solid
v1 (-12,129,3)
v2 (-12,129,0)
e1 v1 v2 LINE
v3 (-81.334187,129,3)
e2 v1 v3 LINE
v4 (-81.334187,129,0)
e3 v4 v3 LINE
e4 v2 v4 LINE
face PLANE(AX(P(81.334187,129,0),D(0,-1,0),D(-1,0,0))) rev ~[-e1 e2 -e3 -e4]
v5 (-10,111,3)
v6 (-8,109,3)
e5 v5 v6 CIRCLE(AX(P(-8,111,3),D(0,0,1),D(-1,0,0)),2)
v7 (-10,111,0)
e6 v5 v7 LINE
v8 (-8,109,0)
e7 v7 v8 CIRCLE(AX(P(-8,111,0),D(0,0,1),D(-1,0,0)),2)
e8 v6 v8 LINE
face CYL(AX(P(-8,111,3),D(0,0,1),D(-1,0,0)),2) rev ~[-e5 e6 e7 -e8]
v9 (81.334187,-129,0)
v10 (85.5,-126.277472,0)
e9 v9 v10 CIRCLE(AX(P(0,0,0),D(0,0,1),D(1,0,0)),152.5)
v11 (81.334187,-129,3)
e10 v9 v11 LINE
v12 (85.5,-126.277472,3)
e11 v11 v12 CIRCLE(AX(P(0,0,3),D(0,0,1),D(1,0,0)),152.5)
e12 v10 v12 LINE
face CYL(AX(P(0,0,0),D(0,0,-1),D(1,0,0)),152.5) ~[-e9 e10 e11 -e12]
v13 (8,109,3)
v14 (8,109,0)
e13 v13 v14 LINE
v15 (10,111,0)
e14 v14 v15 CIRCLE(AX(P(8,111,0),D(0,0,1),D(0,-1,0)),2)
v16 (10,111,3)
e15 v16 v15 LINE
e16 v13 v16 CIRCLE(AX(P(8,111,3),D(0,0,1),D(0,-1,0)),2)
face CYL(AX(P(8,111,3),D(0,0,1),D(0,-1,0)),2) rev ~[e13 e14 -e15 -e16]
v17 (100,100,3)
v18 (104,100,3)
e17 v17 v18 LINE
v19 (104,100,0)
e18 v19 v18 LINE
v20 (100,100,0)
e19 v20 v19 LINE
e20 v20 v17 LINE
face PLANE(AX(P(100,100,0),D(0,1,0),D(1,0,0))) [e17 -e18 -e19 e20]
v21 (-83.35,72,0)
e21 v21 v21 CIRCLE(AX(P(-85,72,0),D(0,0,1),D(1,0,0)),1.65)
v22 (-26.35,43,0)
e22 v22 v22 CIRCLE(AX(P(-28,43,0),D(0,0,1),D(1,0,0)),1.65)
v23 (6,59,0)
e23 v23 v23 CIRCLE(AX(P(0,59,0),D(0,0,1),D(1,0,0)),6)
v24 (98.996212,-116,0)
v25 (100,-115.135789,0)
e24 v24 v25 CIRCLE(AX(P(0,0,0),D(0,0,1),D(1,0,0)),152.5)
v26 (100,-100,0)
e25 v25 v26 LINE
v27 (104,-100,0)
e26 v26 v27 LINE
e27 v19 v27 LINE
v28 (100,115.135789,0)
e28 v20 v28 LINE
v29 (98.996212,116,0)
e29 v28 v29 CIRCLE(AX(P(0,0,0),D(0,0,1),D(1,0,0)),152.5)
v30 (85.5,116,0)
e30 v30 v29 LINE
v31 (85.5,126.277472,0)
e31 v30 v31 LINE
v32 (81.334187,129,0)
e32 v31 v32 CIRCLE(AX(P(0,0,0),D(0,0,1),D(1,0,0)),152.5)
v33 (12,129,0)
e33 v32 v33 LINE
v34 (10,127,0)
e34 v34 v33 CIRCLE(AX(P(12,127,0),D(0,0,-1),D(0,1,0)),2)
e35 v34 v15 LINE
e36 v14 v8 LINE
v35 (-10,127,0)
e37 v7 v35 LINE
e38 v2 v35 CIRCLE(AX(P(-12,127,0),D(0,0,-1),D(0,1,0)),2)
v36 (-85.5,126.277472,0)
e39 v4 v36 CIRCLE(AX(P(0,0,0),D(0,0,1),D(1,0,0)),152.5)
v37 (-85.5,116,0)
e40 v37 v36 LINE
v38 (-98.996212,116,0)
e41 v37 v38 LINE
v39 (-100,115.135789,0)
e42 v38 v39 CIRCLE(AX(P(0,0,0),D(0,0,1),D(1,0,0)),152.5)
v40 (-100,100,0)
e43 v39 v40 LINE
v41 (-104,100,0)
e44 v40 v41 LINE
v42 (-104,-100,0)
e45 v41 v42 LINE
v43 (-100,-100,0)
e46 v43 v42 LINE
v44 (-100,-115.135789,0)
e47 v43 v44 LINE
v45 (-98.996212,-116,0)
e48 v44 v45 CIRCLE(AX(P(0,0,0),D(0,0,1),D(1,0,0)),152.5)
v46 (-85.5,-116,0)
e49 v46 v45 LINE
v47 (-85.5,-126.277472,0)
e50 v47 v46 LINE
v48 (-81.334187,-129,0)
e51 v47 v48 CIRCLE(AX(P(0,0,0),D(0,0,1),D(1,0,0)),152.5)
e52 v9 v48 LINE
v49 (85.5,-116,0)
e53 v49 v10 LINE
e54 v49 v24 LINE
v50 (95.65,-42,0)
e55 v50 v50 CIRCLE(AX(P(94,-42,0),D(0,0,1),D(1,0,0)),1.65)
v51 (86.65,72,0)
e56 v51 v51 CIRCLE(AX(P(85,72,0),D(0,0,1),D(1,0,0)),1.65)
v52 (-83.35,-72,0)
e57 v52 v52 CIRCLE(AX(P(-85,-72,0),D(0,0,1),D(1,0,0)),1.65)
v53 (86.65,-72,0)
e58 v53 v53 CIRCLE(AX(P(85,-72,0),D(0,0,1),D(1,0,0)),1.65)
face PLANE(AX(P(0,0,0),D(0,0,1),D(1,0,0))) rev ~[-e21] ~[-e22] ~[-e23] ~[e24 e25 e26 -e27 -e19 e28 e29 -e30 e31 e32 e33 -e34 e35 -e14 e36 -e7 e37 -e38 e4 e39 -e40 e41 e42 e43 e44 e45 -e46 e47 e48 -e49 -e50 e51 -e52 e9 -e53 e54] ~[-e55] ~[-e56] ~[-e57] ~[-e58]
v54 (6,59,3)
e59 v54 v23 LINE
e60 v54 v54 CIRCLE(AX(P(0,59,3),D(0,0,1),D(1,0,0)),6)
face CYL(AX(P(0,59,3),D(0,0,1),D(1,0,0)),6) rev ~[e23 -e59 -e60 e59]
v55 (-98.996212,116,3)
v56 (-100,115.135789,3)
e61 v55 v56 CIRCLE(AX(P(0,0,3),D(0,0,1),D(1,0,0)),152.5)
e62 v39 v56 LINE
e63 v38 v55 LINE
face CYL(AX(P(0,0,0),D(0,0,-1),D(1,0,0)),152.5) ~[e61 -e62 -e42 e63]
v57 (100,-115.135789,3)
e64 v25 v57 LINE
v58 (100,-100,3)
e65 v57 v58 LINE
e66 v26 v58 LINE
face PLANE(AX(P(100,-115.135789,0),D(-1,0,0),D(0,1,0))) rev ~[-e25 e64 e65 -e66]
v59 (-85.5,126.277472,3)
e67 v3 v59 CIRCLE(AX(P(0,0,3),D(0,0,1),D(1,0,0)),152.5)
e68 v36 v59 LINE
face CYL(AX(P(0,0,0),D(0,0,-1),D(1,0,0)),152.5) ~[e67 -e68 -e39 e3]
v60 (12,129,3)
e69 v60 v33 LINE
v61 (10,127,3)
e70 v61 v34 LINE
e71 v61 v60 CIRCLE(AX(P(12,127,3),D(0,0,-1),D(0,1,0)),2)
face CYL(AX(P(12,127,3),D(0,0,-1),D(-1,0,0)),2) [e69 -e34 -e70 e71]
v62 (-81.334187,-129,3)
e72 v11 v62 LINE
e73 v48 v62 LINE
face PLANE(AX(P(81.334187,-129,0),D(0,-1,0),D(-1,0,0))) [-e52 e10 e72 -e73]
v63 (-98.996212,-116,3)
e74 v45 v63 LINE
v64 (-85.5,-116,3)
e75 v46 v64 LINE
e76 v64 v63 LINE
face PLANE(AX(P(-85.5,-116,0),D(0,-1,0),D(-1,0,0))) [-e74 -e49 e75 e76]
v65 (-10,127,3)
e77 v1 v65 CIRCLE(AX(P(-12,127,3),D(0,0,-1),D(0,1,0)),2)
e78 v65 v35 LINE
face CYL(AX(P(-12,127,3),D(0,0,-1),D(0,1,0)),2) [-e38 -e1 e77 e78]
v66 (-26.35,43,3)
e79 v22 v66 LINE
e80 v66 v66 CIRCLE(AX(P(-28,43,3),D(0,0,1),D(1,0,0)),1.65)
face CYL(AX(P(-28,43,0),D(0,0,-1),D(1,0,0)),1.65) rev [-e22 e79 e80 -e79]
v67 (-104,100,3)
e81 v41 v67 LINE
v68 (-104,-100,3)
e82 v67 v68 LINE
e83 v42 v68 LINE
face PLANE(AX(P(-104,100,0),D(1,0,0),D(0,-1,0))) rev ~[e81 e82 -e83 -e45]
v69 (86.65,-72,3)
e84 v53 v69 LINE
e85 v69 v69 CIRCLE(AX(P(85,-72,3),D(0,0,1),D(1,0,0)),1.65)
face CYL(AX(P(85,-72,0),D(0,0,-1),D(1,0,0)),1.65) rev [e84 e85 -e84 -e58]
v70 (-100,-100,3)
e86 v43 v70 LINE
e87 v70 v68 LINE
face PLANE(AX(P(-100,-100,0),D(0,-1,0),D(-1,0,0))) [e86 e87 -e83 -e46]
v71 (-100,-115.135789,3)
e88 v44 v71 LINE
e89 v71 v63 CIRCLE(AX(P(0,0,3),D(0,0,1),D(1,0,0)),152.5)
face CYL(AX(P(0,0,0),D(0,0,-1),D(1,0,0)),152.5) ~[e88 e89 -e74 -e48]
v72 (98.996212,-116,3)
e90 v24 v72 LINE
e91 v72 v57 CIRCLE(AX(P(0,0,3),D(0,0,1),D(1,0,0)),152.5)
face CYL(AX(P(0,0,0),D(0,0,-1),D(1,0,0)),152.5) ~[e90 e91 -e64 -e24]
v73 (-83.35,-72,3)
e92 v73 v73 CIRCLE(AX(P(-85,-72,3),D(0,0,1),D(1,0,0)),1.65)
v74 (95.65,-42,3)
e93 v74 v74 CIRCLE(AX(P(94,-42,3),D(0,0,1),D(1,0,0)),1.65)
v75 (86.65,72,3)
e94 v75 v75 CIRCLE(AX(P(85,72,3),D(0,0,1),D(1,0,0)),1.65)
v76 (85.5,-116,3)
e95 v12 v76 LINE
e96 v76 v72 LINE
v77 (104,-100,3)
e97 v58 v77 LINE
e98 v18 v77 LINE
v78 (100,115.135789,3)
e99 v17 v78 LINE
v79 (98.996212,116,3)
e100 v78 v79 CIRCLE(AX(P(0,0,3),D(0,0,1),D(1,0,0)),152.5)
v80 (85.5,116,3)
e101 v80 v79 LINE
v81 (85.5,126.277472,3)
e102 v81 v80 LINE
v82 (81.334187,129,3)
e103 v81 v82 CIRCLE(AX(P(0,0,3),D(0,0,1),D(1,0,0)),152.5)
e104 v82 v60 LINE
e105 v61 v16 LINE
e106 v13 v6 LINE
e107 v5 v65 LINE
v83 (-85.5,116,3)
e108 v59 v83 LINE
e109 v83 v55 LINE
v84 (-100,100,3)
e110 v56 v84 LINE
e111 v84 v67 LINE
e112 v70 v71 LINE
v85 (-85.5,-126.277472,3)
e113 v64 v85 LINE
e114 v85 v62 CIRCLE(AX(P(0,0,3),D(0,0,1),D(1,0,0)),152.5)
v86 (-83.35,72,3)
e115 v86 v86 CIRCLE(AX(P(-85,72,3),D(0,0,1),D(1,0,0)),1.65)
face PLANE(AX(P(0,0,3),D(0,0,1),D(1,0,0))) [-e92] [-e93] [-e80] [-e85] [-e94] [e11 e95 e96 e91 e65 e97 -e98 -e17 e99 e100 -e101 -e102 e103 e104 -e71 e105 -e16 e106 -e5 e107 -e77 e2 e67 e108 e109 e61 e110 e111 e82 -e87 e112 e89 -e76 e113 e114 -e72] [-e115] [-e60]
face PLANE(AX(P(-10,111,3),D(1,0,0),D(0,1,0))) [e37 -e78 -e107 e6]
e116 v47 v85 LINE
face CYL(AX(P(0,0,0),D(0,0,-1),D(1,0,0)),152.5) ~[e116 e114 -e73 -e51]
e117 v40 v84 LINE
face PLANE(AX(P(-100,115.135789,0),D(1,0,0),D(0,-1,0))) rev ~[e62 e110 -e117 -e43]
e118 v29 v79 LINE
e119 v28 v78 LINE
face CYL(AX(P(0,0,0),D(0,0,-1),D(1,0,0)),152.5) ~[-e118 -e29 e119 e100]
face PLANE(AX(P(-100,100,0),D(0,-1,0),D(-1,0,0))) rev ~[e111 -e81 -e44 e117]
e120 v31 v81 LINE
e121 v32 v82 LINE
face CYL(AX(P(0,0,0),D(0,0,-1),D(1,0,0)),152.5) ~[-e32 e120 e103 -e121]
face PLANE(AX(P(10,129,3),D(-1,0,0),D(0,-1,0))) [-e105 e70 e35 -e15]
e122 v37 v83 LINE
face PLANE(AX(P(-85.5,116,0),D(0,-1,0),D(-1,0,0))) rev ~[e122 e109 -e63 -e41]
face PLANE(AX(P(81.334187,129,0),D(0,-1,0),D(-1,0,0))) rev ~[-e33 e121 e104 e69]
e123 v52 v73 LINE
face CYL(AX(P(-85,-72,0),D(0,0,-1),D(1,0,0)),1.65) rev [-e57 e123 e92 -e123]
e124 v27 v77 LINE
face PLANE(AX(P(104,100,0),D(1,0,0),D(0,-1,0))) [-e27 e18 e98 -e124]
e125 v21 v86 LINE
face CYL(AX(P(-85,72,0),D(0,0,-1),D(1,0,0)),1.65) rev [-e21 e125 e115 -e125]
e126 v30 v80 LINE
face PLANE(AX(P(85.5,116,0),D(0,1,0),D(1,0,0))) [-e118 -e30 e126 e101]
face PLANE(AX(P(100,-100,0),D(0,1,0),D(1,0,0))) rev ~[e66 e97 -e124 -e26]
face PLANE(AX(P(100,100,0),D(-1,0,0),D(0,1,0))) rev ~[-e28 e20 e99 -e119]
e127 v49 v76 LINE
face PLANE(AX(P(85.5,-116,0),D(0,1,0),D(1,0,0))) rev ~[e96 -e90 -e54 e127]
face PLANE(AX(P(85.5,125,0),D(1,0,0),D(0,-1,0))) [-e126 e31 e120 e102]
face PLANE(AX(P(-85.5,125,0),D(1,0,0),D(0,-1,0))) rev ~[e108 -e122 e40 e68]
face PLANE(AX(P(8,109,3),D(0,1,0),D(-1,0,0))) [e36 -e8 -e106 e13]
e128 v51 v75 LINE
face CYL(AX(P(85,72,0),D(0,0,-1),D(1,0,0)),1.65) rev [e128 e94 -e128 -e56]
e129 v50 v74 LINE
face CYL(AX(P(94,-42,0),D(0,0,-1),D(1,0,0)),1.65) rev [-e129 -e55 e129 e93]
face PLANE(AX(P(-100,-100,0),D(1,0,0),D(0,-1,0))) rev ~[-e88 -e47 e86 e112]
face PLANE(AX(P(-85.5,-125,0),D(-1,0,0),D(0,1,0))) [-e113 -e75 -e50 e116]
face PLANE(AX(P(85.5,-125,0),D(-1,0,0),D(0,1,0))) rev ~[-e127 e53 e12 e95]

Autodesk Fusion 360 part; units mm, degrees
sketch "Sketch1" plane through (0, 0, 0) normal (0, 0, 1) x (1, 0, 0)
  line L0 (100, 125) -> (-100, 125)
  line L1 (-100, 125) -> (-100, -125)
  line L2 (-100, -125) -> (100, -125)
  line L3 (100, -125) -> (100, 125)
  line L4 (100, 125) -> (-100, -125) construction
  line L5 (-100, 125) -> (100, -125) construction
  line L6 (-100, 125) -> (100, 125)
  line L7 (100, 125) -> (100, 129)
  line L8 (100, 129) -> (-100, 129)
  line L9 (-100, 129) -> (-100, 125)
  line L10 (-100, -125) -> (100, -125)
  line L11 (100, -125) -> (100, -129)
  line L12 (100, -129) -> (-100, -129)
  line L13 (-100, -129) -> (-100, -125)
  line L14 (100, 125) -> (104, 125)
  line L15 (104, 125) -> (104, -125)
  line L16 (104, -125) -> (100, -125)
  line L17 (100, -125) -> (100, 125)
  line L18 (-100, 125) -> (-104, 125)
  line L19 (-104, 125) -> (-104, -125)
  line L20 (-104, -125) -> (-100, -125)
  line L21 (-100, -125) -> (-100, 125)
  line L22 (-80, -53.8) -> (-80, 2.2) construction
  circle A0 centre (-80, -53.8) radius 1.65 construction
  circle A1 centre (-80, 2.2) radius 1.65 construction
  line L23 (-61.0622, -1) -> (-98.9378, -1) construction
  line L24 (-98.9378, -1) -> (-98.9378, -50.6) construction
  line L25 (-98.9378, -50.6) -> (-61.0622, -50.6) construction
  line L26 (-61.0622, -50.6) -> (-61.0622, -1) construction
  line L27 (-61.0622, -1) -> (-98.9378, -50.6) construction
  line L28 (-98.9378, -1) -> (-61.0622, -50.6) construction
  line L29 (-30.5, 49.5) -> (98.5, 49.5) construction
  line L30 (98.5, 49.5) -> (98.5, -47.5) construction
  line L31 (98.5, -47.5) -> (-30.5, -47.5) construction
  line L32 (-30.5, -47.5) -> (-30.5, 49.5) construction
  circle A2 centre (-28, 43) radius 1.65
  circle A3 centre (94, -42) radius 1.65
  line L33 (-100, 125) -> (-85.5, 125)
  line L34 (-85.5, 125) -> (-85.5, 116)
  line L35 (-85.5, 116) -> (-100, 116)
  line L36 (-100, 116) -> (-100, 125)
  line L37 (100, 125) -> (85.5, 125)
  line L38 (85.5, 125) -> (85.5, 116)
  line L39 (85.5, 116) -> (100, 116)
  line L40 (100, 116) -> (100, 125)
  line L41 (-100, -125) -> (-85.5, -125)
  line L42 (-85.5, -125) -> (-85.5, -116)
  line L43 (-85.5, -116) -> (-100, -116)
  line L44 (-100, -116) -> (-100, -125)
  line L45 (100, -125) -> (85.5, -125)
  line L46 (85.5, -125) -> (85.5, -116)
  line L47 (85.5, -116) -> (100, -116)
  line L48 (100, -116) -> (100, -125)
  line L49 (-100, 100) -> (-104, 100)
  line L50 (100, 100) -> (104, 100)
  line L51 (-100, -100) -> (-104, -100)
  line L52 (100, -100) -> (104, -100)
  line L53 (-85.5, 125) -> (-85.5, 129)
  line L54 (85.5, 125) -> (85.5, 129)
  line L55 (-85.5, -125) -> (-85.5, -129)
  line L56 (85.5, -125) -> (85.5, -129)
  line L57 (-115, -140) -> (-75, -140) construction
  line L58 (-75, -140) -> (-75, -87) construction
  line L59 (-75, -87) -> (-115, -87) construction
  line L60 (-115, -87) -> (-115, -140) construction
  line L61 (-63.3606, -140) -> (-21.3606, -140) construction
  line L62 (-21.3606, -140) -> (-21.3606, -53.8) construction
  line L63 (-21.3606, -53.8) -> (-63.3606, -53.8) construction
  line L64 (-63.3606, -53.8) -> (-63.3606, -140) construction
  line L65 (-100, 0) -> (-118.2487, 0) construction
  circle A4 centre (0, 0) radius 152.5
  circle A5 centre (-85, -72) radius 1.65
  line L66 (-85, -72) -> (85, -72) construction
  line L67 (85, -72) -> (85, 72) construction
  line L68 (85, 72) -> (-85, 72) construction
  line L69 (-85, 72) -> (-85, -72) construction
  circle A6 centre (85, 72) radius 1.65
  circle A7 centre (85, -72) radius 1.65
  circle A8 centre (-85, 72) radius 1.65
  point P0 (-80, -25.8)
  dimension "d1" = 200
  dimension "d2" = 250
  dimension "d3" = 4
  dimension "d4" = 4
  dimension "d5" = 4
  dimension "d6" = 4
  dimension "d7" = 20
  dimension "d8" = 56
  dimension "d10" = 3.3
  dimension "d11" = 37.8755
  dimension "d12" = 49.6
  dimension "d13" = 2.5
  dimension "d14" = 6.5
  dimension "d15" = 3.3
  dimension "d16" = 5.5
  dimension "d17" = 4.5
  dimension "d18" = 129
  dimension "d19" = 97
  dimension "d20" = 1.5
  dimension "d21" = 14.5
  dimension "d22" = 9
  dimension "d23" = 14.5
  dimension "d24" = 9
  dimension "d25" = 14.5
  dimension "d26" = 14.5
  dimension "d27" = 9
  dimension "d28" = 9
  dimension "d29" = 25
  dimension "d30" = 25
  dimension "d31" = 25
  dimension "d32" = 25
  dimension "d33" = 40
  dimension "d34" = 53
  dimension "d35" = 15
  dimension "d36" = 15
  dimension "d37" = 3.3
  dimension "d38" = 86.2
  dimension "d39" = 42
  dimension "d40" = 1
  dimension "d50" = 305
  dimension "d51" = 3.3
  dimension "d52" = 15
  dimension "d53" = 15
  dimension "d54" = 15
  dimension "d55" = 53
  dimension "d56" = 53
  dimension "d57" = 170
  dimension "d58" = 144
  dimension "d60" = 47.5
  dimension "d61" = 49.5
extrude "Extrude1" add sketch "Sketch1" along normal blind 3 contours L0 L1 L2 L3 L6 L10 L17 L21 L34 L35 L38 L39 L42 L43 L46 L47 A4 | L0 L6 L8 L53 L54 A4 | L3 L15 L17 L50 L52 | L1 L19 L21 L49 L51 | L2 L10 L12 L55 L56 A4
sketch "Sketch2" plane through (0, 0, 3) normal (0, 0, 1) x (1, 0, 0)
  circle A0 centre (85, -72) radius 1.65
  circle A1 centre (-85, -72) radius 1.65
  circle A2 centre (85, 72) radius 1.65
  circle A3 centre (94, -42) radius 1.65
  circle A4 centre (-85, 72) radius 1.65
  circle A5 centre (-28, 43) radius 1.65
  line L0 (100, 100) -> (100, 115.1358)
  arc A6 (100, 115.1358) -> (98.9962, 116) centre (0, 0) ccw
  line L1 (98.9962, 116) -> (85.5, 116)
  line L2 (85.5, 116) -> (85.5, 126.2775)
  arc A7 (85.5, 126.2775) -> (81.3342, 129) centre (0, 0) ccw
  line L3 (81.3342, 129) -> (-81.3342, 129)
  arc A8 (-81.3342, 129) -> (-85.5, 126.2775) centre (0, 0) ccw
  line L4 (-85.5, 126.2775) -> (-85.5, 116)
  line L5 (-85.5, 116) -> (-98.9962, 116)
  arc A9 (-98.9962, 116) -> (-100, 115.1358) centre (0, 0) ccw
  line L6 (-100, 115.1358) -> (-100, 100)
  line L7 (-100, 100) -> (-104, 100)
  line L8 (-104, 100) -> (-104, -100)
  line L9 (-104, -100) -> (-100, -100)
  line L10 (-100, -100) -> (-100, -115.1358)
  arc A10 (-100, -115.1358) -> (-98.9962, -116) centre (0, 0) ccw
  line L11 (-98.9962, -116) -> (-85.5, -116)
  line L12 (-85.5, -116) -> (-85.5, -126.2775)
  arc A11 (-85.5, -126.2775) -> (-81.3342, -129) centre (0, 0) ccw
  line L13 (-81.3342, -129) -> (81.3342, -129)
  arc A12 (81.3342, -129) -> (85.5, -126.2775) centre (0, 0) ccw
  line L14 (85.5, -126.2775) -> (85.5, -116)
  line L15 (85.5, -116) -> (98.9962, -116)
  arc A13 (98.9962, -116) -> (100, -115.1358) centre (0, 0) ccw
  line L16 (100, -115.1358) -> (100, -100)
  line L17 (100, -100) -> (104, -100)
  line L18 (104, -100) -> (104, 100)
  line L19 (104, 100) -> (100, 100)
  line L20 (-10, 129) -> (10, 129)
  line L21 (10, 129) -> (10, 111)
  line L22 (8, 109) -> (-8, 109)
  line L23 (-10, 111) -> (-10, 129)
  arc A14 (-10, 111) -> (-8, 109) centre (-8, 111) ccw
  arc A15 (8, 109) -> (10, 111) centre (8, 111) ccw
  point P0 (10, 109)
  point P1 (-10, 109)
  dimension "d62" = 20
  dimension "d63" = 20
  dimension "d64" = 2
extrude "Extrude2" cut sketch "Sketch2" against normal blind 3 contours L3 L20 L21 L22 L23 A14 A15
fillet "Fillet4" radius 2 2 edges at (-10, 129, 1.5) (10, 129, 1.5)
sketch "Sketch3" plane through (0, 0, 3) normal (0, 0, 1) x (1, 0, 0)
  arc A0 (12, 129) -> (10, 127) centre (12, 127) ccw
  line L0 (10, 127) -> (10, 111)
  arc A1 (8, 109) -> (10, 111) centre (8, 111) ccw
  line L1 (8, 109) -> (-8, 109)
  arc A2 (-10, 111) -> (-8, 109) centre (-8, 111) ccw
  line L2 (-10, 111) -> (-10, 127)
  arc A3 (-10, 127) -> (-12, 129) centre (-12, 127) ccw
  line L3 (-12, 129) -> (-81.3342, 129)
  arc A4 (-81.3342, 129) -> (-85.5, 126.2775) centre (0, 0) ccw
  line L4 (-85.5, 126.2775) -> (-85.5, 116)
  line L5 (-85.5, 116) -> (-98.9962, 116)
  arc A5 (-98.9962, 116) -> (-100, 115.1358) centre (0, 0) ccw
  line L6 (-100, 115.1358) -> (-100, 100)
  line L7 (-100, 100) -> (-104, 100)
  line L8 (-104, 100) -> (-104, -100)
  line L9 (-104, -100) -> (-100, -100)
  line L10 (-100, -100) -> (-100, -115.1358)
  arc A6 (-100, -115.1358) -> (-98.9962, -116) centre (0, 0) ccw
  line L11 (-98.9962, -116) -> (-85.5, -116)
  line L12 (-85.5, -116) -> (-85.5, -126.2775)
  arc A7 (-85.5, -126.2775) -> (-81.3342, -129) centre (0, 0) ccw
  line L13 (-81.3342, -129) -> (81.3342, -129)
  arc A8 (81.3342, -129) -> (85.5, -126.2775) centre (0, 0) ccw
  line L14 (85.5, -126.2775) -> (85.5, -116)
  line L15 (85.5, -116) -> (98.9962, -116)
  arc A9 (98.9962, -116) -> (100, -115.1358) centre (0, 0) ccw
  line L16 (100, -115.1358) -> (100, -100)
  line L17 (100, -100) -> (104, -100)
  line L18 (104, -100) -> (104, 100)
  line L19 (104, 100) -> (100, 100)
  line L20 (100, 100) -> (100, 115.1358)
  arc A10 (100, 115.1358) -> (98.9962, 116) centre (0, 0) ccw
  line L21 (98.9962, 116) -> (85.5, 116)
  line L22 (85.5, 116) -> (85.5, 126.2775)
  arc A11 (85.5, 126.2775) -> (81.3342, 129) centre (0, 0) ccw
  line L23 (81.3342, 129) -> (12, 129)
  circle A12 centre (85, -72) radius 1.65
  circle A13 centre (-85, -72) radius 1.65
  circle A14 centre (85, 72) radius 1.65
  circle A15 centre (94, -42) radius 1.65
  circle A16 centre (-85, 72) radius 1.65
  circle A17 centre (-28, 43) radius 1.65
  circle A18 centre (0, 59) radius 6
  dimension "d69" = 12
  dimension "d70" = 50
  dimension "d71" = 104
extrude "Extrude3" cut sketch "Sketch3" against normal blind 3 contours A18
sketch "Sketch4" plane through (0, 0, 3) normal (0, 0, 1) x (1, 0, 0)
  circle A0 centre (0, 59) radius 6
  arc A1 (12, 129) -> (10, 127) centre (12, 127) ccw
  line L0 (10, 127) -> (10, 111)
  arc A2 (8, 109) -> (10, 111) centre (8, 111) ccw
  line L1 (8, 109) -> (-8, 109)
  arc A3 (-10, 111) -> (-8, 109) centre (-8, 111) ccw
  line L2 (-10, 111) -> (-10, 127)
  arc A4 (-10, 127) -> (-12, 129) centre (-12, 127) ccw
  line L3 (-12, 129) -> (-81.3342, 129)
  arc A5 (-81.3342, 129) -> (-85.5, 126.2775) centre (0, 0) ccw
  line L4 (-85.5, 126.2775) -> (-85.5, 116)
  line L5 (-85.5, 116) -> (-98.9962, 116)
  arc A6 (-98.9962, 116) -> (-100, 115.1358) centre (0, 0) ccw
  line L6 (-100, 115.1358) -> (-100, 100)
  line L7 (-100, 100) -> (-104, 100)
  line L8 (-104, 100) -> (-104, -100)
  line L9 (-104, -100) -> (-100, -100)
  line L10 (-100, -100) -> (-100, -115.1358)
  arc A7 (-100, -115.1358) -> (-98.9962, -116) centre (0, 0) ccw
  line L11 (-98.9962, -116) -> (-85.5, -116)
  line L12 (-85.5, -116) -> (-85.5, -126.2775)
  arc A8 (-85.5, -126.2775) -> (-81.3342, -129) centre (0, 0) ccw
  line L13 (-81.3342, -129) -> (81.3342, -129)
  arc A9 (81.3342, -129) -> (85.5, -126.2775) centre (0, 0) ccw
  line L14 (85.5, -126.2775) -> (85.5, -116)
  line L15 (85.5, -116) -> (98.9962, -116)
  arc A10 (98.9962, -116) -> (100, -115.1358) centre (0, 0) ccw
  line L16 (100, -115.1358) -> (100, -100)
  line L17 (100, -100) -> (104, -100)
  line L18 (104, -100) -> (104, 100)
  line L19 (104, 100) -> (100, 100)
  line L20 (100, 100) -> (100, 115.1358)
  arc A11 (100, 115.1358) -> (98.9962, 116) centre (0, 0) ccw
  line L21 (98.9962, 116) -> (85.5, 116)
  line L22 (85.5, 116) -> (85.5, 126.2775)
  arc A12 (85.5, 126.2775) -> (81.3342, 129) centre (0, 0) ccw
  line L23 (81.3342, 129) -> (12, 129)
  circle A13 centre (85, -72) radius 1.65
  circle A14 centre (-85, -72) radius 1.65
  circle A15 centre (85, 72) radius 1.65
  circle A16 centre (94, -42) radius 1.65
  circle A17 centre (-85, 72) radius 1.65
  circle A18 centre (-28, 43) radius 1.65
equation "d4 = d3"
equation "d5 = d3"
equation "d6 = d3"
equation "d23 = d21"
equation "d24 = d22"
equation "d25 = d21"
equation "d26 = d25"
equation "d27 = d22"
equation "d28 = d24"
equation "d30 = d29"
equation "d31 = d29"
equation "d32 = d29"
equation "d36 = d35"
equation "d60 = d19 / 2 - 1 mm"
